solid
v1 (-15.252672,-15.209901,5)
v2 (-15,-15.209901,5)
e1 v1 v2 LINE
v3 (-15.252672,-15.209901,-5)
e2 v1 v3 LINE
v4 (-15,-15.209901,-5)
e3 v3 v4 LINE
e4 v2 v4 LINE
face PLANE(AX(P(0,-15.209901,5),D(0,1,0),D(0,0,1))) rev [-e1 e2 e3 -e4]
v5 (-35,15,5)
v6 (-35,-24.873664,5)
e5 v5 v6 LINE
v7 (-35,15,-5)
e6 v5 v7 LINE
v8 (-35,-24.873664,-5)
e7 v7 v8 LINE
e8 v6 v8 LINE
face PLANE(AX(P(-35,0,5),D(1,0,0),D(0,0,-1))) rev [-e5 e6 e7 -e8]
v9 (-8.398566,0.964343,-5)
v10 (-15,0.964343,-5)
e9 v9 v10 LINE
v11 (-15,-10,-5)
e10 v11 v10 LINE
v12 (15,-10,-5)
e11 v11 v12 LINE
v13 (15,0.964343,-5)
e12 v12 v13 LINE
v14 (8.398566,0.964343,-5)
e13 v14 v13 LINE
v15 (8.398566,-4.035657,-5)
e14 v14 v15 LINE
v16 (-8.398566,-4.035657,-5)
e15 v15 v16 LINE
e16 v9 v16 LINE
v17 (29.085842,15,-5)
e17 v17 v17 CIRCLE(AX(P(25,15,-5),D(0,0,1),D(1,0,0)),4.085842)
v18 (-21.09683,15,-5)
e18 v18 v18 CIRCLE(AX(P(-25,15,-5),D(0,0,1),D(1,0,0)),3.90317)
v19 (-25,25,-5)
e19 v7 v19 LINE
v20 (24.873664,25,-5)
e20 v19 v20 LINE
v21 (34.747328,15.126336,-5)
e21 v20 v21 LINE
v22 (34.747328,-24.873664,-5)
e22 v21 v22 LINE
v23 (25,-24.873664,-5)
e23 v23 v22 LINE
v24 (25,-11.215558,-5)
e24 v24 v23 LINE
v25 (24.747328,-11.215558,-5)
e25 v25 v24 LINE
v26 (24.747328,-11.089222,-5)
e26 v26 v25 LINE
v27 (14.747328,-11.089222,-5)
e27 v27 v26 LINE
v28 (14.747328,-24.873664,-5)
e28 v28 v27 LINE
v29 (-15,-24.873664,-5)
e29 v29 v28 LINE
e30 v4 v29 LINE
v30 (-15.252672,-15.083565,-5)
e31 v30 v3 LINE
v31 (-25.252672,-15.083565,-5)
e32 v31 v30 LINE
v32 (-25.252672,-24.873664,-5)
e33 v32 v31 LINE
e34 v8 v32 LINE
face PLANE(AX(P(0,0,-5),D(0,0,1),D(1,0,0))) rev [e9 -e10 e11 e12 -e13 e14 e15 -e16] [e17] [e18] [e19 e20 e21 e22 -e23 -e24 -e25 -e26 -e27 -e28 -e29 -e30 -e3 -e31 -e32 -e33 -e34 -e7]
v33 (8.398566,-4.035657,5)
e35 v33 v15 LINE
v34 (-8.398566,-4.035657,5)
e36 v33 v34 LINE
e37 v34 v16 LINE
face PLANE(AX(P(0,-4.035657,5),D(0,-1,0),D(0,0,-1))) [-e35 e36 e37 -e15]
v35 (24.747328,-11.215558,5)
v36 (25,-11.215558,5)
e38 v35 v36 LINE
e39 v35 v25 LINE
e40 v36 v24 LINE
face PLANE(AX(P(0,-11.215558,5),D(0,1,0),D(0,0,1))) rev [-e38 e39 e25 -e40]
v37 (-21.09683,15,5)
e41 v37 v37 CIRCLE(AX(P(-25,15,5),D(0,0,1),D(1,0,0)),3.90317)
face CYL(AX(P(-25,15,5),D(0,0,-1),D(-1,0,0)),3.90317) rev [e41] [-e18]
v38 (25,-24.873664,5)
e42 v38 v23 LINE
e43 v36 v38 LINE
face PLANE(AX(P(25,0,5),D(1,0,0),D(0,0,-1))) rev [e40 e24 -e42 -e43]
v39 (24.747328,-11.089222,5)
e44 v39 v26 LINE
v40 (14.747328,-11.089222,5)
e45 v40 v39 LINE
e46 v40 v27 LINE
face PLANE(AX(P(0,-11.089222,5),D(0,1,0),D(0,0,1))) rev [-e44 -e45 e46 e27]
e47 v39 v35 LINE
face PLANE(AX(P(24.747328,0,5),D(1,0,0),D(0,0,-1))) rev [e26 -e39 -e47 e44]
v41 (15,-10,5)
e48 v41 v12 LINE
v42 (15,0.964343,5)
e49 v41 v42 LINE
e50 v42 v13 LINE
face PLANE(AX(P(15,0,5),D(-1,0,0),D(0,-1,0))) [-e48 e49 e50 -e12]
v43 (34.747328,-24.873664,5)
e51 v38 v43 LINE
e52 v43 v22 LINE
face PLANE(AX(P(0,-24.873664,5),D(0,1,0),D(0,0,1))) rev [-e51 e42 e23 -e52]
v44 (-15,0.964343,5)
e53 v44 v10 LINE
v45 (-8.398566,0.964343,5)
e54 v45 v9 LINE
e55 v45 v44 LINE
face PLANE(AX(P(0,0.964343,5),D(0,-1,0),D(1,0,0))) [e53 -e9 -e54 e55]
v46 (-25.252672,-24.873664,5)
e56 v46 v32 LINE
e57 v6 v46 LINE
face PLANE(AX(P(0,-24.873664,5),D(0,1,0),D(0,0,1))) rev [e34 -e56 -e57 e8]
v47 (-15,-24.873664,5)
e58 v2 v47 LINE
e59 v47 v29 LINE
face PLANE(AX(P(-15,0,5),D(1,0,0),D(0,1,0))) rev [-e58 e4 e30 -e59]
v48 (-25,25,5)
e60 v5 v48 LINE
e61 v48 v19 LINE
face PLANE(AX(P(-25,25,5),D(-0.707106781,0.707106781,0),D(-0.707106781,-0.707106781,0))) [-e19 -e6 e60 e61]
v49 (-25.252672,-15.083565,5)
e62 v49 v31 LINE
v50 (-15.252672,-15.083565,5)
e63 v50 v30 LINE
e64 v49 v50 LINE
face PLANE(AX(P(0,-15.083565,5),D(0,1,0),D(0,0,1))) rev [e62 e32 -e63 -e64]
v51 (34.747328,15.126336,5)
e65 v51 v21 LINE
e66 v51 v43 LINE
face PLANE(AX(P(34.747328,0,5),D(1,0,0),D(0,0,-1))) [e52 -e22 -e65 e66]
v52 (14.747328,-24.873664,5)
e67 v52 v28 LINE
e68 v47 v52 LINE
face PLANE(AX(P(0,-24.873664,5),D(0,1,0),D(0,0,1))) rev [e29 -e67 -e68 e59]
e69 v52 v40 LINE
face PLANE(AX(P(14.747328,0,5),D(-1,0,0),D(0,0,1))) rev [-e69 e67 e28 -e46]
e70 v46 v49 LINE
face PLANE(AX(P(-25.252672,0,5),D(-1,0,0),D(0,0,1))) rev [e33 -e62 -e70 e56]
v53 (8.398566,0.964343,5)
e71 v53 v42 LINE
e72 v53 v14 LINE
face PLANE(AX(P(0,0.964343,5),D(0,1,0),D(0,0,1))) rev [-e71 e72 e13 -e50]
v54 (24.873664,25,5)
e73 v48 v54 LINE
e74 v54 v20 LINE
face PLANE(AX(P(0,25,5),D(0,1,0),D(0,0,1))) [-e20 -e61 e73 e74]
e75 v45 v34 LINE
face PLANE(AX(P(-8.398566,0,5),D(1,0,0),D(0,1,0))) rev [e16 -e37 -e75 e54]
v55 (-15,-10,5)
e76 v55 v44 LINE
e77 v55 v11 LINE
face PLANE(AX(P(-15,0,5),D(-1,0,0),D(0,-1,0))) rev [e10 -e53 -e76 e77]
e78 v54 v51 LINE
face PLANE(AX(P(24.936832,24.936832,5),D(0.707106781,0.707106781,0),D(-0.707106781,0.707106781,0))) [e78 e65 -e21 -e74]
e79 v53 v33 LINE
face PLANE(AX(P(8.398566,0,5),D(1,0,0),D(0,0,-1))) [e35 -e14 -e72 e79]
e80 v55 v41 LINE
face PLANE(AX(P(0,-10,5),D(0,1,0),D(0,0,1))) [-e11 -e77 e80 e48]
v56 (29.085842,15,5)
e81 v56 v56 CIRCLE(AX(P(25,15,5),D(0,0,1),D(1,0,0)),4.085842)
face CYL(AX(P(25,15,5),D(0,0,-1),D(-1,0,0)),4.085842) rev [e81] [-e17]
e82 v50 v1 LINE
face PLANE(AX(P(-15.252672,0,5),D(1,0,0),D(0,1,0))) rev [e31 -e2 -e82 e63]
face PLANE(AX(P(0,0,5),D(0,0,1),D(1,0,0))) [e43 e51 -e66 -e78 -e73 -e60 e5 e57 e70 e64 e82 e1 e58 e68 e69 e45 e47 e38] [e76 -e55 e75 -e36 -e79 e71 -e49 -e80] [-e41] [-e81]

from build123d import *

# Parameters (mm, degrees)
SKETCH1_R           = 3.903170007
SKETCH1_R_2         = 4.085841865
BOSS_EXTRUDE1_DEPTH = 5


with BuildPart() as part:
    # Sketch1 → Boss-Extrude1 (new, symmetric)
    with BuildSketch(Plane.XY):
        Polygon((24.873664066, 25), (-25, 25), (-35, 15), (-35, -24.873664066), (-25.252671867, -24.873664066), (-25.252671867, -15.08356524), (-15.252671867, -15.08356524), (-15.252671867, -15.209901174), (-15, -15.209901174), (-15, -24.873664066), (14.747328133, -24.873664066), (14.747328133, -11.089222254), (24.747328133, -11.089222254), (24.747328133, -11.215558187), (25, -11.215558187), (25, -24.873664066), (34.747328133, -24.873664066), (34.747328133, 15.126335934), align=None)
        Polygon((15, -10), (-15, -10), (-15, 0.964343272), (-8.398565663, 0.964343272), (-8.398565663, -4.035656728), (8.398565663, -4.035656728), (8.398565663, 0.964343272), (15, 0.964343272), align=None, mode=Mode.SUBTRACT)
        with Locations((-25, 15)):
            Circle(SKETCH1_R, mode=Mode.SUBTRACT)
        with Locations((25, 15)):
            Circle(SKETCH1_R_2, mode=Mode.SUBTRACT)
    extrude(amount=BOSS_EXTRUDE1_DEPTH, both=True)


solid = part.part
